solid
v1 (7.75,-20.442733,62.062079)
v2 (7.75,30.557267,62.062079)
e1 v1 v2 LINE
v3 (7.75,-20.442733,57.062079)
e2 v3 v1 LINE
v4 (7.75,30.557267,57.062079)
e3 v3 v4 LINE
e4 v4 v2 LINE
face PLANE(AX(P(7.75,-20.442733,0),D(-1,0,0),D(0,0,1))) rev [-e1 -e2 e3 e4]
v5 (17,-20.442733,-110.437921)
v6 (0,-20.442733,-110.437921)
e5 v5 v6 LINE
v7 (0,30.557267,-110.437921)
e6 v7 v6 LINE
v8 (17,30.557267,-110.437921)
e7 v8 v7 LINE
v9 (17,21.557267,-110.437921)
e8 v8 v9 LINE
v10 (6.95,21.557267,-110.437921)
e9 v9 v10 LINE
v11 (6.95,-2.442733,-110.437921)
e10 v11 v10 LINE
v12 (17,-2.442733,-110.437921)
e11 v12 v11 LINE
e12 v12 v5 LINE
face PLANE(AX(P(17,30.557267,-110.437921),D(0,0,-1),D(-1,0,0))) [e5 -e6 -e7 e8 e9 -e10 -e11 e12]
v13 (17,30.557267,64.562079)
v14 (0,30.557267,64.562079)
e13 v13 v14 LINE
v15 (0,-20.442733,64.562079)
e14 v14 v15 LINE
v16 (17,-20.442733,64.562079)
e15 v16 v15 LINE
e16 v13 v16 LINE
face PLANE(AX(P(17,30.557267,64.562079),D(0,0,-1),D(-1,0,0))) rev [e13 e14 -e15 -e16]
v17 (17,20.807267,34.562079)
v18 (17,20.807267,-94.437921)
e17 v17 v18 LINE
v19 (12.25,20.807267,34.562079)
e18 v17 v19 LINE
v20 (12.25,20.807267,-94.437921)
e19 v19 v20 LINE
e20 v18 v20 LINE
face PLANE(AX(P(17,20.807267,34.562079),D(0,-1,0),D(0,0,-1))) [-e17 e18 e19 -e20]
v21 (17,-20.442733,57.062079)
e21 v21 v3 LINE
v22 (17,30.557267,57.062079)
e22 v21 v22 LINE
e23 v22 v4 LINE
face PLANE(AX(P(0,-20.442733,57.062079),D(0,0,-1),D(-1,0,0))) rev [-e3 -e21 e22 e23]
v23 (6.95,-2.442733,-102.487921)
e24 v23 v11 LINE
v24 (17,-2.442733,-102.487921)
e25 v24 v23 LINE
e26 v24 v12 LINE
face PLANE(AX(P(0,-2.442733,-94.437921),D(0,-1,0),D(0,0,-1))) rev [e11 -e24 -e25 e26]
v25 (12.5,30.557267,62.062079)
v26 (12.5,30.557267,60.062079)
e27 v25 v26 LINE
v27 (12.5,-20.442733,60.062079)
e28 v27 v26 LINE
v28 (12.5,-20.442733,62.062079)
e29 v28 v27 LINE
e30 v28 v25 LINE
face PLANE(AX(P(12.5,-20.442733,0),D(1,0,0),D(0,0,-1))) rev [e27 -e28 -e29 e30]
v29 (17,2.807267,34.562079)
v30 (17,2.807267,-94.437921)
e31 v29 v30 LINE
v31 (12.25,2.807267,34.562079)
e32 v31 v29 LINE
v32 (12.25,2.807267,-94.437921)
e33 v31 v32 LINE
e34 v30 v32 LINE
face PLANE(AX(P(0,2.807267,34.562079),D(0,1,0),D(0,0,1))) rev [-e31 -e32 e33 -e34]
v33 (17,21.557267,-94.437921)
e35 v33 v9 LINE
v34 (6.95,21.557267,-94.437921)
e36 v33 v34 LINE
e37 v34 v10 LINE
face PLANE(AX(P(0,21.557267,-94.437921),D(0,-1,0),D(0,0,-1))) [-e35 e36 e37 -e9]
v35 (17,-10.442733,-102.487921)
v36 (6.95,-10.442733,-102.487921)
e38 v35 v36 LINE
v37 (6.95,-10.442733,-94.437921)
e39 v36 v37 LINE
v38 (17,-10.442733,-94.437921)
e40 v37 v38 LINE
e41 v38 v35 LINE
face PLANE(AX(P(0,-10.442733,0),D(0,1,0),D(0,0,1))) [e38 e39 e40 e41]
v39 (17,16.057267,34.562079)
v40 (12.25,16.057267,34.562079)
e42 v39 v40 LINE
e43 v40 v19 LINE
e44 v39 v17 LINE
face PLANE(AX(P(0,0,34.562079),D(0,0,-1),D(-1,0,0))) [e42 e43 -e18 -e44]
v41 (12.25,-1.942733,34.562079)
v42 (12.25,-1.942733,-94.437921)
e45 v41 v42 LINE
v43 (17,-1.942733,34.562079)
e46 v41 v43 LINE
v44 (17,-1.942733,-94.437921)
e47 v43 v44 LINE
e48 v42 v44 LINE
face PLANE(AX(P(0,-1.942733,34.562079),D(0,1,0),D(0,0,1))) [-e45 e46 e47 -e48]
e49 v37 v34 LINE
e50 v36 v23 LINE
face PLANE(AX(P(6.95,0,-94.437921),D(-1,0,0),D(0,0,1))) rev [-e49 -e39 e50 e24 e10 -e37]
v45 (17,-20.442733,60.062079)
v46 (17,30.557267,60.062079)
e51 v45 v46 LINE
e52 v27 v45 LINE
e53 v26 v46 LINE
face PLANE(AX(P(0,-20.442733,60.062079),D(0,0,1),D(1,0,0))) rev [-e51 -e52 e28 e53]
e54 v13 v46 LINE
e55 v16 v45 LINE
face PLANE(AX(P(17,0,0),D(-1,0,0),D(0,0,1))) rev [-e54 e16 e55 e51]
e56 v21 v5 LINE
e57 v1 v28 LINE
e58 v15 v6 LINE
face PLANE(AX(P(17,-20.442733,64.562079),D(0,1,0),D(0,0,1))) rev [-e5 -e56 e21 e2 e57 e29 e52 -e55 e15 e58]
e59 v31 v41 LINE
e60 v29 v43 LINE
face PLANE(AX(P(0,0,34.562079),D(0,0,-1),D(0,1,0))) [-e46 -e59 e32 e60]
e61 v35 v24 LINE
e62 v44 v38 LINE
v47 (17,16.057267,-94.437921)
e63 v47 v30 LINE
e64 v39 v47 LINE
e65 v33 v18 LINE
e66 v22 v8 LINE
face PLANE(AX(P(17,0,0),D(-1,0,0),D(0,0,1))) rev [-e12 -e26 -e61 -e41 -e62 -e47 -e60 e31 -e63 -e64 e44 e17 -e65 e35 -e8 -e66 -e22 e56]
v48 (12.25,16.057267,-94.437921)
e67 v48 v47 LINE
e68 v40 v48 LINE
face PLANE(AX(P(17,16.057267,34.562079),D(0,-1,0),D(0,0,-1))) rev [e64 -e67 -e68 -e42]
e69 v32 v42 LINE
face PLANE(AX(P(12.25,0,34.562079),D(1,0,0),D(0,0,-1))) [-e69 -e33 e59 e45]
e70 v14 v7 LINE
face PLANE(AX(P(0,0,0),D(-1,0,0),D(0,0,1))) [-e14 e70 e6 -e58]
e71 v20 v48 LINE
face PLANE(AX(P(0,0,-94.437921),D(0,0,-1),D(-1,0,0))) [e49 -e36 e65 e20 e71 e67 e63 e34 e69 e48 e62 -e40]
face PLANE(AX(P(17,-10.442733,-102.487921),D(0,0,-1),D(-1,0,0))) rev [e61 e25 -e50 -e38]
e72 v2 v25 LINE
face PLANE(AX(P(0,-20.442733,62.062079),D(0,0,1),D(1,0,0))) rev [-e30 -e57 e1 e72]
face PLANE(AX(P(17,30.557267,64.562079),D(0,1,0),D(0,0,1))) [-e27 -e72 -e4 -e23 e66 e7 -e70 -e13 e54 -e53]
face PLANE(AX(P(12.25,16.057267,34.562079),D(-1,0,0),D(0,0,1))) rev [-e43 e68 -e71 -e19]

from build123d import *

# Parameters (mm, degrees)
SKETCH1_W           = 175
SKETCH1_H           = 51
BOSS_EXTRUDE1_DEPTH = 17
CUT_EXTRUDE3_DEPTH  = 52
SKETCH7_W           = 4.75
SKETCH7_H           = 4.75
CUT_EXTRUDE5_DEPTH  = 145
SKETCH10_W          = 10.05
SKETCH10_H          = 24
CUT_EXTRUDE6_DEPTH  = 16
SKETCH11_W          = 10.05
SKETCH11_H          = 8.05
CUT_EXTRUDE7_DEPTH  = 8


with BuildPart() as part:
    # Sketch1 → Boss-Extrude1 (new body)
    with BuildSketch(Plane(origin=(0, 0, 0), x_dir=(0, 0, -1), z_dir=(1, 0, 0))):
        with Locations((22.937921078, 5.057266603)):
            Rectangle(SKETCH1_W, SKETCH1_H)
    extrude(amount=BOSS_EXTRUDE1_DEPTH)

    # Sketch6 → Cut-Extrude3 (cut, through all)
    with BuildSketch(Plane(origin=(0, 30.557266603, 0), x_dir=(1, 0, 0), z_dir=(0, 1, 0))):
        Polygon((12.5, -60.062078922), (17, -60.062078922), (17, -57.062078922), (14.5, -57.062078922), (7.75, -57.062078922), (7.75, -62.062078922), (12.5, -62.062078922), align=None)
    extrude(amount=-CUT_EXTRUDE3_DEPTH, mode=Mode.SUBTRACT)

    # Sketch7 → Cut-Extrude5 (cut)
    with BuildSketch(Plane(origin=(0, 0, -110.437921078), x_dir=(-1, 0, 0), z_dir=(0, 0, -1))):
        with Locations((-14.625, 0.432266603)):
            Rectangle(SKETCH7_W, SKETCH7_H)
        with Locations((-14.625, 18.432266603)):
            Rectangle(SKETCH7_W, SKETCH7_H)
    extrude(amount=-CUT_EXTRUDE5_DEPTH, mode=Mode.SUBTRACT)

    # Sketch10 → Cut-Extrude6 (cut)
    with BuildSketch(Plane(origin=(0, 0, -110.437921078), x_dir=(-1, 0, 0), z_dir=(0, 0, -1))):
        with Locations((-11.975, 9.557266603)):
            Rectangle(SKETCH10_W, SKETCH10_H)
    extrude(amount=-CUT_EXTRUDE6_DEPTH, mode=Mode.SUBTRACT)

    # Sketch11 → Cut-Extrude7 (cut)
    with BuildSketch(Plane(origin=(0, -2.442733397, 0), x_dir=(1, 0, 0), z_dir=(0, 1, 0))):
        with Locations((11.975, 98.462921078)):
            Rectangle(SKETCH11_W, SKETCH11_H)
    extrude(amount=-CUT_EXTRUDE7_DEPTH, mode=Mode.SUBTRACT)


solid = part.part
